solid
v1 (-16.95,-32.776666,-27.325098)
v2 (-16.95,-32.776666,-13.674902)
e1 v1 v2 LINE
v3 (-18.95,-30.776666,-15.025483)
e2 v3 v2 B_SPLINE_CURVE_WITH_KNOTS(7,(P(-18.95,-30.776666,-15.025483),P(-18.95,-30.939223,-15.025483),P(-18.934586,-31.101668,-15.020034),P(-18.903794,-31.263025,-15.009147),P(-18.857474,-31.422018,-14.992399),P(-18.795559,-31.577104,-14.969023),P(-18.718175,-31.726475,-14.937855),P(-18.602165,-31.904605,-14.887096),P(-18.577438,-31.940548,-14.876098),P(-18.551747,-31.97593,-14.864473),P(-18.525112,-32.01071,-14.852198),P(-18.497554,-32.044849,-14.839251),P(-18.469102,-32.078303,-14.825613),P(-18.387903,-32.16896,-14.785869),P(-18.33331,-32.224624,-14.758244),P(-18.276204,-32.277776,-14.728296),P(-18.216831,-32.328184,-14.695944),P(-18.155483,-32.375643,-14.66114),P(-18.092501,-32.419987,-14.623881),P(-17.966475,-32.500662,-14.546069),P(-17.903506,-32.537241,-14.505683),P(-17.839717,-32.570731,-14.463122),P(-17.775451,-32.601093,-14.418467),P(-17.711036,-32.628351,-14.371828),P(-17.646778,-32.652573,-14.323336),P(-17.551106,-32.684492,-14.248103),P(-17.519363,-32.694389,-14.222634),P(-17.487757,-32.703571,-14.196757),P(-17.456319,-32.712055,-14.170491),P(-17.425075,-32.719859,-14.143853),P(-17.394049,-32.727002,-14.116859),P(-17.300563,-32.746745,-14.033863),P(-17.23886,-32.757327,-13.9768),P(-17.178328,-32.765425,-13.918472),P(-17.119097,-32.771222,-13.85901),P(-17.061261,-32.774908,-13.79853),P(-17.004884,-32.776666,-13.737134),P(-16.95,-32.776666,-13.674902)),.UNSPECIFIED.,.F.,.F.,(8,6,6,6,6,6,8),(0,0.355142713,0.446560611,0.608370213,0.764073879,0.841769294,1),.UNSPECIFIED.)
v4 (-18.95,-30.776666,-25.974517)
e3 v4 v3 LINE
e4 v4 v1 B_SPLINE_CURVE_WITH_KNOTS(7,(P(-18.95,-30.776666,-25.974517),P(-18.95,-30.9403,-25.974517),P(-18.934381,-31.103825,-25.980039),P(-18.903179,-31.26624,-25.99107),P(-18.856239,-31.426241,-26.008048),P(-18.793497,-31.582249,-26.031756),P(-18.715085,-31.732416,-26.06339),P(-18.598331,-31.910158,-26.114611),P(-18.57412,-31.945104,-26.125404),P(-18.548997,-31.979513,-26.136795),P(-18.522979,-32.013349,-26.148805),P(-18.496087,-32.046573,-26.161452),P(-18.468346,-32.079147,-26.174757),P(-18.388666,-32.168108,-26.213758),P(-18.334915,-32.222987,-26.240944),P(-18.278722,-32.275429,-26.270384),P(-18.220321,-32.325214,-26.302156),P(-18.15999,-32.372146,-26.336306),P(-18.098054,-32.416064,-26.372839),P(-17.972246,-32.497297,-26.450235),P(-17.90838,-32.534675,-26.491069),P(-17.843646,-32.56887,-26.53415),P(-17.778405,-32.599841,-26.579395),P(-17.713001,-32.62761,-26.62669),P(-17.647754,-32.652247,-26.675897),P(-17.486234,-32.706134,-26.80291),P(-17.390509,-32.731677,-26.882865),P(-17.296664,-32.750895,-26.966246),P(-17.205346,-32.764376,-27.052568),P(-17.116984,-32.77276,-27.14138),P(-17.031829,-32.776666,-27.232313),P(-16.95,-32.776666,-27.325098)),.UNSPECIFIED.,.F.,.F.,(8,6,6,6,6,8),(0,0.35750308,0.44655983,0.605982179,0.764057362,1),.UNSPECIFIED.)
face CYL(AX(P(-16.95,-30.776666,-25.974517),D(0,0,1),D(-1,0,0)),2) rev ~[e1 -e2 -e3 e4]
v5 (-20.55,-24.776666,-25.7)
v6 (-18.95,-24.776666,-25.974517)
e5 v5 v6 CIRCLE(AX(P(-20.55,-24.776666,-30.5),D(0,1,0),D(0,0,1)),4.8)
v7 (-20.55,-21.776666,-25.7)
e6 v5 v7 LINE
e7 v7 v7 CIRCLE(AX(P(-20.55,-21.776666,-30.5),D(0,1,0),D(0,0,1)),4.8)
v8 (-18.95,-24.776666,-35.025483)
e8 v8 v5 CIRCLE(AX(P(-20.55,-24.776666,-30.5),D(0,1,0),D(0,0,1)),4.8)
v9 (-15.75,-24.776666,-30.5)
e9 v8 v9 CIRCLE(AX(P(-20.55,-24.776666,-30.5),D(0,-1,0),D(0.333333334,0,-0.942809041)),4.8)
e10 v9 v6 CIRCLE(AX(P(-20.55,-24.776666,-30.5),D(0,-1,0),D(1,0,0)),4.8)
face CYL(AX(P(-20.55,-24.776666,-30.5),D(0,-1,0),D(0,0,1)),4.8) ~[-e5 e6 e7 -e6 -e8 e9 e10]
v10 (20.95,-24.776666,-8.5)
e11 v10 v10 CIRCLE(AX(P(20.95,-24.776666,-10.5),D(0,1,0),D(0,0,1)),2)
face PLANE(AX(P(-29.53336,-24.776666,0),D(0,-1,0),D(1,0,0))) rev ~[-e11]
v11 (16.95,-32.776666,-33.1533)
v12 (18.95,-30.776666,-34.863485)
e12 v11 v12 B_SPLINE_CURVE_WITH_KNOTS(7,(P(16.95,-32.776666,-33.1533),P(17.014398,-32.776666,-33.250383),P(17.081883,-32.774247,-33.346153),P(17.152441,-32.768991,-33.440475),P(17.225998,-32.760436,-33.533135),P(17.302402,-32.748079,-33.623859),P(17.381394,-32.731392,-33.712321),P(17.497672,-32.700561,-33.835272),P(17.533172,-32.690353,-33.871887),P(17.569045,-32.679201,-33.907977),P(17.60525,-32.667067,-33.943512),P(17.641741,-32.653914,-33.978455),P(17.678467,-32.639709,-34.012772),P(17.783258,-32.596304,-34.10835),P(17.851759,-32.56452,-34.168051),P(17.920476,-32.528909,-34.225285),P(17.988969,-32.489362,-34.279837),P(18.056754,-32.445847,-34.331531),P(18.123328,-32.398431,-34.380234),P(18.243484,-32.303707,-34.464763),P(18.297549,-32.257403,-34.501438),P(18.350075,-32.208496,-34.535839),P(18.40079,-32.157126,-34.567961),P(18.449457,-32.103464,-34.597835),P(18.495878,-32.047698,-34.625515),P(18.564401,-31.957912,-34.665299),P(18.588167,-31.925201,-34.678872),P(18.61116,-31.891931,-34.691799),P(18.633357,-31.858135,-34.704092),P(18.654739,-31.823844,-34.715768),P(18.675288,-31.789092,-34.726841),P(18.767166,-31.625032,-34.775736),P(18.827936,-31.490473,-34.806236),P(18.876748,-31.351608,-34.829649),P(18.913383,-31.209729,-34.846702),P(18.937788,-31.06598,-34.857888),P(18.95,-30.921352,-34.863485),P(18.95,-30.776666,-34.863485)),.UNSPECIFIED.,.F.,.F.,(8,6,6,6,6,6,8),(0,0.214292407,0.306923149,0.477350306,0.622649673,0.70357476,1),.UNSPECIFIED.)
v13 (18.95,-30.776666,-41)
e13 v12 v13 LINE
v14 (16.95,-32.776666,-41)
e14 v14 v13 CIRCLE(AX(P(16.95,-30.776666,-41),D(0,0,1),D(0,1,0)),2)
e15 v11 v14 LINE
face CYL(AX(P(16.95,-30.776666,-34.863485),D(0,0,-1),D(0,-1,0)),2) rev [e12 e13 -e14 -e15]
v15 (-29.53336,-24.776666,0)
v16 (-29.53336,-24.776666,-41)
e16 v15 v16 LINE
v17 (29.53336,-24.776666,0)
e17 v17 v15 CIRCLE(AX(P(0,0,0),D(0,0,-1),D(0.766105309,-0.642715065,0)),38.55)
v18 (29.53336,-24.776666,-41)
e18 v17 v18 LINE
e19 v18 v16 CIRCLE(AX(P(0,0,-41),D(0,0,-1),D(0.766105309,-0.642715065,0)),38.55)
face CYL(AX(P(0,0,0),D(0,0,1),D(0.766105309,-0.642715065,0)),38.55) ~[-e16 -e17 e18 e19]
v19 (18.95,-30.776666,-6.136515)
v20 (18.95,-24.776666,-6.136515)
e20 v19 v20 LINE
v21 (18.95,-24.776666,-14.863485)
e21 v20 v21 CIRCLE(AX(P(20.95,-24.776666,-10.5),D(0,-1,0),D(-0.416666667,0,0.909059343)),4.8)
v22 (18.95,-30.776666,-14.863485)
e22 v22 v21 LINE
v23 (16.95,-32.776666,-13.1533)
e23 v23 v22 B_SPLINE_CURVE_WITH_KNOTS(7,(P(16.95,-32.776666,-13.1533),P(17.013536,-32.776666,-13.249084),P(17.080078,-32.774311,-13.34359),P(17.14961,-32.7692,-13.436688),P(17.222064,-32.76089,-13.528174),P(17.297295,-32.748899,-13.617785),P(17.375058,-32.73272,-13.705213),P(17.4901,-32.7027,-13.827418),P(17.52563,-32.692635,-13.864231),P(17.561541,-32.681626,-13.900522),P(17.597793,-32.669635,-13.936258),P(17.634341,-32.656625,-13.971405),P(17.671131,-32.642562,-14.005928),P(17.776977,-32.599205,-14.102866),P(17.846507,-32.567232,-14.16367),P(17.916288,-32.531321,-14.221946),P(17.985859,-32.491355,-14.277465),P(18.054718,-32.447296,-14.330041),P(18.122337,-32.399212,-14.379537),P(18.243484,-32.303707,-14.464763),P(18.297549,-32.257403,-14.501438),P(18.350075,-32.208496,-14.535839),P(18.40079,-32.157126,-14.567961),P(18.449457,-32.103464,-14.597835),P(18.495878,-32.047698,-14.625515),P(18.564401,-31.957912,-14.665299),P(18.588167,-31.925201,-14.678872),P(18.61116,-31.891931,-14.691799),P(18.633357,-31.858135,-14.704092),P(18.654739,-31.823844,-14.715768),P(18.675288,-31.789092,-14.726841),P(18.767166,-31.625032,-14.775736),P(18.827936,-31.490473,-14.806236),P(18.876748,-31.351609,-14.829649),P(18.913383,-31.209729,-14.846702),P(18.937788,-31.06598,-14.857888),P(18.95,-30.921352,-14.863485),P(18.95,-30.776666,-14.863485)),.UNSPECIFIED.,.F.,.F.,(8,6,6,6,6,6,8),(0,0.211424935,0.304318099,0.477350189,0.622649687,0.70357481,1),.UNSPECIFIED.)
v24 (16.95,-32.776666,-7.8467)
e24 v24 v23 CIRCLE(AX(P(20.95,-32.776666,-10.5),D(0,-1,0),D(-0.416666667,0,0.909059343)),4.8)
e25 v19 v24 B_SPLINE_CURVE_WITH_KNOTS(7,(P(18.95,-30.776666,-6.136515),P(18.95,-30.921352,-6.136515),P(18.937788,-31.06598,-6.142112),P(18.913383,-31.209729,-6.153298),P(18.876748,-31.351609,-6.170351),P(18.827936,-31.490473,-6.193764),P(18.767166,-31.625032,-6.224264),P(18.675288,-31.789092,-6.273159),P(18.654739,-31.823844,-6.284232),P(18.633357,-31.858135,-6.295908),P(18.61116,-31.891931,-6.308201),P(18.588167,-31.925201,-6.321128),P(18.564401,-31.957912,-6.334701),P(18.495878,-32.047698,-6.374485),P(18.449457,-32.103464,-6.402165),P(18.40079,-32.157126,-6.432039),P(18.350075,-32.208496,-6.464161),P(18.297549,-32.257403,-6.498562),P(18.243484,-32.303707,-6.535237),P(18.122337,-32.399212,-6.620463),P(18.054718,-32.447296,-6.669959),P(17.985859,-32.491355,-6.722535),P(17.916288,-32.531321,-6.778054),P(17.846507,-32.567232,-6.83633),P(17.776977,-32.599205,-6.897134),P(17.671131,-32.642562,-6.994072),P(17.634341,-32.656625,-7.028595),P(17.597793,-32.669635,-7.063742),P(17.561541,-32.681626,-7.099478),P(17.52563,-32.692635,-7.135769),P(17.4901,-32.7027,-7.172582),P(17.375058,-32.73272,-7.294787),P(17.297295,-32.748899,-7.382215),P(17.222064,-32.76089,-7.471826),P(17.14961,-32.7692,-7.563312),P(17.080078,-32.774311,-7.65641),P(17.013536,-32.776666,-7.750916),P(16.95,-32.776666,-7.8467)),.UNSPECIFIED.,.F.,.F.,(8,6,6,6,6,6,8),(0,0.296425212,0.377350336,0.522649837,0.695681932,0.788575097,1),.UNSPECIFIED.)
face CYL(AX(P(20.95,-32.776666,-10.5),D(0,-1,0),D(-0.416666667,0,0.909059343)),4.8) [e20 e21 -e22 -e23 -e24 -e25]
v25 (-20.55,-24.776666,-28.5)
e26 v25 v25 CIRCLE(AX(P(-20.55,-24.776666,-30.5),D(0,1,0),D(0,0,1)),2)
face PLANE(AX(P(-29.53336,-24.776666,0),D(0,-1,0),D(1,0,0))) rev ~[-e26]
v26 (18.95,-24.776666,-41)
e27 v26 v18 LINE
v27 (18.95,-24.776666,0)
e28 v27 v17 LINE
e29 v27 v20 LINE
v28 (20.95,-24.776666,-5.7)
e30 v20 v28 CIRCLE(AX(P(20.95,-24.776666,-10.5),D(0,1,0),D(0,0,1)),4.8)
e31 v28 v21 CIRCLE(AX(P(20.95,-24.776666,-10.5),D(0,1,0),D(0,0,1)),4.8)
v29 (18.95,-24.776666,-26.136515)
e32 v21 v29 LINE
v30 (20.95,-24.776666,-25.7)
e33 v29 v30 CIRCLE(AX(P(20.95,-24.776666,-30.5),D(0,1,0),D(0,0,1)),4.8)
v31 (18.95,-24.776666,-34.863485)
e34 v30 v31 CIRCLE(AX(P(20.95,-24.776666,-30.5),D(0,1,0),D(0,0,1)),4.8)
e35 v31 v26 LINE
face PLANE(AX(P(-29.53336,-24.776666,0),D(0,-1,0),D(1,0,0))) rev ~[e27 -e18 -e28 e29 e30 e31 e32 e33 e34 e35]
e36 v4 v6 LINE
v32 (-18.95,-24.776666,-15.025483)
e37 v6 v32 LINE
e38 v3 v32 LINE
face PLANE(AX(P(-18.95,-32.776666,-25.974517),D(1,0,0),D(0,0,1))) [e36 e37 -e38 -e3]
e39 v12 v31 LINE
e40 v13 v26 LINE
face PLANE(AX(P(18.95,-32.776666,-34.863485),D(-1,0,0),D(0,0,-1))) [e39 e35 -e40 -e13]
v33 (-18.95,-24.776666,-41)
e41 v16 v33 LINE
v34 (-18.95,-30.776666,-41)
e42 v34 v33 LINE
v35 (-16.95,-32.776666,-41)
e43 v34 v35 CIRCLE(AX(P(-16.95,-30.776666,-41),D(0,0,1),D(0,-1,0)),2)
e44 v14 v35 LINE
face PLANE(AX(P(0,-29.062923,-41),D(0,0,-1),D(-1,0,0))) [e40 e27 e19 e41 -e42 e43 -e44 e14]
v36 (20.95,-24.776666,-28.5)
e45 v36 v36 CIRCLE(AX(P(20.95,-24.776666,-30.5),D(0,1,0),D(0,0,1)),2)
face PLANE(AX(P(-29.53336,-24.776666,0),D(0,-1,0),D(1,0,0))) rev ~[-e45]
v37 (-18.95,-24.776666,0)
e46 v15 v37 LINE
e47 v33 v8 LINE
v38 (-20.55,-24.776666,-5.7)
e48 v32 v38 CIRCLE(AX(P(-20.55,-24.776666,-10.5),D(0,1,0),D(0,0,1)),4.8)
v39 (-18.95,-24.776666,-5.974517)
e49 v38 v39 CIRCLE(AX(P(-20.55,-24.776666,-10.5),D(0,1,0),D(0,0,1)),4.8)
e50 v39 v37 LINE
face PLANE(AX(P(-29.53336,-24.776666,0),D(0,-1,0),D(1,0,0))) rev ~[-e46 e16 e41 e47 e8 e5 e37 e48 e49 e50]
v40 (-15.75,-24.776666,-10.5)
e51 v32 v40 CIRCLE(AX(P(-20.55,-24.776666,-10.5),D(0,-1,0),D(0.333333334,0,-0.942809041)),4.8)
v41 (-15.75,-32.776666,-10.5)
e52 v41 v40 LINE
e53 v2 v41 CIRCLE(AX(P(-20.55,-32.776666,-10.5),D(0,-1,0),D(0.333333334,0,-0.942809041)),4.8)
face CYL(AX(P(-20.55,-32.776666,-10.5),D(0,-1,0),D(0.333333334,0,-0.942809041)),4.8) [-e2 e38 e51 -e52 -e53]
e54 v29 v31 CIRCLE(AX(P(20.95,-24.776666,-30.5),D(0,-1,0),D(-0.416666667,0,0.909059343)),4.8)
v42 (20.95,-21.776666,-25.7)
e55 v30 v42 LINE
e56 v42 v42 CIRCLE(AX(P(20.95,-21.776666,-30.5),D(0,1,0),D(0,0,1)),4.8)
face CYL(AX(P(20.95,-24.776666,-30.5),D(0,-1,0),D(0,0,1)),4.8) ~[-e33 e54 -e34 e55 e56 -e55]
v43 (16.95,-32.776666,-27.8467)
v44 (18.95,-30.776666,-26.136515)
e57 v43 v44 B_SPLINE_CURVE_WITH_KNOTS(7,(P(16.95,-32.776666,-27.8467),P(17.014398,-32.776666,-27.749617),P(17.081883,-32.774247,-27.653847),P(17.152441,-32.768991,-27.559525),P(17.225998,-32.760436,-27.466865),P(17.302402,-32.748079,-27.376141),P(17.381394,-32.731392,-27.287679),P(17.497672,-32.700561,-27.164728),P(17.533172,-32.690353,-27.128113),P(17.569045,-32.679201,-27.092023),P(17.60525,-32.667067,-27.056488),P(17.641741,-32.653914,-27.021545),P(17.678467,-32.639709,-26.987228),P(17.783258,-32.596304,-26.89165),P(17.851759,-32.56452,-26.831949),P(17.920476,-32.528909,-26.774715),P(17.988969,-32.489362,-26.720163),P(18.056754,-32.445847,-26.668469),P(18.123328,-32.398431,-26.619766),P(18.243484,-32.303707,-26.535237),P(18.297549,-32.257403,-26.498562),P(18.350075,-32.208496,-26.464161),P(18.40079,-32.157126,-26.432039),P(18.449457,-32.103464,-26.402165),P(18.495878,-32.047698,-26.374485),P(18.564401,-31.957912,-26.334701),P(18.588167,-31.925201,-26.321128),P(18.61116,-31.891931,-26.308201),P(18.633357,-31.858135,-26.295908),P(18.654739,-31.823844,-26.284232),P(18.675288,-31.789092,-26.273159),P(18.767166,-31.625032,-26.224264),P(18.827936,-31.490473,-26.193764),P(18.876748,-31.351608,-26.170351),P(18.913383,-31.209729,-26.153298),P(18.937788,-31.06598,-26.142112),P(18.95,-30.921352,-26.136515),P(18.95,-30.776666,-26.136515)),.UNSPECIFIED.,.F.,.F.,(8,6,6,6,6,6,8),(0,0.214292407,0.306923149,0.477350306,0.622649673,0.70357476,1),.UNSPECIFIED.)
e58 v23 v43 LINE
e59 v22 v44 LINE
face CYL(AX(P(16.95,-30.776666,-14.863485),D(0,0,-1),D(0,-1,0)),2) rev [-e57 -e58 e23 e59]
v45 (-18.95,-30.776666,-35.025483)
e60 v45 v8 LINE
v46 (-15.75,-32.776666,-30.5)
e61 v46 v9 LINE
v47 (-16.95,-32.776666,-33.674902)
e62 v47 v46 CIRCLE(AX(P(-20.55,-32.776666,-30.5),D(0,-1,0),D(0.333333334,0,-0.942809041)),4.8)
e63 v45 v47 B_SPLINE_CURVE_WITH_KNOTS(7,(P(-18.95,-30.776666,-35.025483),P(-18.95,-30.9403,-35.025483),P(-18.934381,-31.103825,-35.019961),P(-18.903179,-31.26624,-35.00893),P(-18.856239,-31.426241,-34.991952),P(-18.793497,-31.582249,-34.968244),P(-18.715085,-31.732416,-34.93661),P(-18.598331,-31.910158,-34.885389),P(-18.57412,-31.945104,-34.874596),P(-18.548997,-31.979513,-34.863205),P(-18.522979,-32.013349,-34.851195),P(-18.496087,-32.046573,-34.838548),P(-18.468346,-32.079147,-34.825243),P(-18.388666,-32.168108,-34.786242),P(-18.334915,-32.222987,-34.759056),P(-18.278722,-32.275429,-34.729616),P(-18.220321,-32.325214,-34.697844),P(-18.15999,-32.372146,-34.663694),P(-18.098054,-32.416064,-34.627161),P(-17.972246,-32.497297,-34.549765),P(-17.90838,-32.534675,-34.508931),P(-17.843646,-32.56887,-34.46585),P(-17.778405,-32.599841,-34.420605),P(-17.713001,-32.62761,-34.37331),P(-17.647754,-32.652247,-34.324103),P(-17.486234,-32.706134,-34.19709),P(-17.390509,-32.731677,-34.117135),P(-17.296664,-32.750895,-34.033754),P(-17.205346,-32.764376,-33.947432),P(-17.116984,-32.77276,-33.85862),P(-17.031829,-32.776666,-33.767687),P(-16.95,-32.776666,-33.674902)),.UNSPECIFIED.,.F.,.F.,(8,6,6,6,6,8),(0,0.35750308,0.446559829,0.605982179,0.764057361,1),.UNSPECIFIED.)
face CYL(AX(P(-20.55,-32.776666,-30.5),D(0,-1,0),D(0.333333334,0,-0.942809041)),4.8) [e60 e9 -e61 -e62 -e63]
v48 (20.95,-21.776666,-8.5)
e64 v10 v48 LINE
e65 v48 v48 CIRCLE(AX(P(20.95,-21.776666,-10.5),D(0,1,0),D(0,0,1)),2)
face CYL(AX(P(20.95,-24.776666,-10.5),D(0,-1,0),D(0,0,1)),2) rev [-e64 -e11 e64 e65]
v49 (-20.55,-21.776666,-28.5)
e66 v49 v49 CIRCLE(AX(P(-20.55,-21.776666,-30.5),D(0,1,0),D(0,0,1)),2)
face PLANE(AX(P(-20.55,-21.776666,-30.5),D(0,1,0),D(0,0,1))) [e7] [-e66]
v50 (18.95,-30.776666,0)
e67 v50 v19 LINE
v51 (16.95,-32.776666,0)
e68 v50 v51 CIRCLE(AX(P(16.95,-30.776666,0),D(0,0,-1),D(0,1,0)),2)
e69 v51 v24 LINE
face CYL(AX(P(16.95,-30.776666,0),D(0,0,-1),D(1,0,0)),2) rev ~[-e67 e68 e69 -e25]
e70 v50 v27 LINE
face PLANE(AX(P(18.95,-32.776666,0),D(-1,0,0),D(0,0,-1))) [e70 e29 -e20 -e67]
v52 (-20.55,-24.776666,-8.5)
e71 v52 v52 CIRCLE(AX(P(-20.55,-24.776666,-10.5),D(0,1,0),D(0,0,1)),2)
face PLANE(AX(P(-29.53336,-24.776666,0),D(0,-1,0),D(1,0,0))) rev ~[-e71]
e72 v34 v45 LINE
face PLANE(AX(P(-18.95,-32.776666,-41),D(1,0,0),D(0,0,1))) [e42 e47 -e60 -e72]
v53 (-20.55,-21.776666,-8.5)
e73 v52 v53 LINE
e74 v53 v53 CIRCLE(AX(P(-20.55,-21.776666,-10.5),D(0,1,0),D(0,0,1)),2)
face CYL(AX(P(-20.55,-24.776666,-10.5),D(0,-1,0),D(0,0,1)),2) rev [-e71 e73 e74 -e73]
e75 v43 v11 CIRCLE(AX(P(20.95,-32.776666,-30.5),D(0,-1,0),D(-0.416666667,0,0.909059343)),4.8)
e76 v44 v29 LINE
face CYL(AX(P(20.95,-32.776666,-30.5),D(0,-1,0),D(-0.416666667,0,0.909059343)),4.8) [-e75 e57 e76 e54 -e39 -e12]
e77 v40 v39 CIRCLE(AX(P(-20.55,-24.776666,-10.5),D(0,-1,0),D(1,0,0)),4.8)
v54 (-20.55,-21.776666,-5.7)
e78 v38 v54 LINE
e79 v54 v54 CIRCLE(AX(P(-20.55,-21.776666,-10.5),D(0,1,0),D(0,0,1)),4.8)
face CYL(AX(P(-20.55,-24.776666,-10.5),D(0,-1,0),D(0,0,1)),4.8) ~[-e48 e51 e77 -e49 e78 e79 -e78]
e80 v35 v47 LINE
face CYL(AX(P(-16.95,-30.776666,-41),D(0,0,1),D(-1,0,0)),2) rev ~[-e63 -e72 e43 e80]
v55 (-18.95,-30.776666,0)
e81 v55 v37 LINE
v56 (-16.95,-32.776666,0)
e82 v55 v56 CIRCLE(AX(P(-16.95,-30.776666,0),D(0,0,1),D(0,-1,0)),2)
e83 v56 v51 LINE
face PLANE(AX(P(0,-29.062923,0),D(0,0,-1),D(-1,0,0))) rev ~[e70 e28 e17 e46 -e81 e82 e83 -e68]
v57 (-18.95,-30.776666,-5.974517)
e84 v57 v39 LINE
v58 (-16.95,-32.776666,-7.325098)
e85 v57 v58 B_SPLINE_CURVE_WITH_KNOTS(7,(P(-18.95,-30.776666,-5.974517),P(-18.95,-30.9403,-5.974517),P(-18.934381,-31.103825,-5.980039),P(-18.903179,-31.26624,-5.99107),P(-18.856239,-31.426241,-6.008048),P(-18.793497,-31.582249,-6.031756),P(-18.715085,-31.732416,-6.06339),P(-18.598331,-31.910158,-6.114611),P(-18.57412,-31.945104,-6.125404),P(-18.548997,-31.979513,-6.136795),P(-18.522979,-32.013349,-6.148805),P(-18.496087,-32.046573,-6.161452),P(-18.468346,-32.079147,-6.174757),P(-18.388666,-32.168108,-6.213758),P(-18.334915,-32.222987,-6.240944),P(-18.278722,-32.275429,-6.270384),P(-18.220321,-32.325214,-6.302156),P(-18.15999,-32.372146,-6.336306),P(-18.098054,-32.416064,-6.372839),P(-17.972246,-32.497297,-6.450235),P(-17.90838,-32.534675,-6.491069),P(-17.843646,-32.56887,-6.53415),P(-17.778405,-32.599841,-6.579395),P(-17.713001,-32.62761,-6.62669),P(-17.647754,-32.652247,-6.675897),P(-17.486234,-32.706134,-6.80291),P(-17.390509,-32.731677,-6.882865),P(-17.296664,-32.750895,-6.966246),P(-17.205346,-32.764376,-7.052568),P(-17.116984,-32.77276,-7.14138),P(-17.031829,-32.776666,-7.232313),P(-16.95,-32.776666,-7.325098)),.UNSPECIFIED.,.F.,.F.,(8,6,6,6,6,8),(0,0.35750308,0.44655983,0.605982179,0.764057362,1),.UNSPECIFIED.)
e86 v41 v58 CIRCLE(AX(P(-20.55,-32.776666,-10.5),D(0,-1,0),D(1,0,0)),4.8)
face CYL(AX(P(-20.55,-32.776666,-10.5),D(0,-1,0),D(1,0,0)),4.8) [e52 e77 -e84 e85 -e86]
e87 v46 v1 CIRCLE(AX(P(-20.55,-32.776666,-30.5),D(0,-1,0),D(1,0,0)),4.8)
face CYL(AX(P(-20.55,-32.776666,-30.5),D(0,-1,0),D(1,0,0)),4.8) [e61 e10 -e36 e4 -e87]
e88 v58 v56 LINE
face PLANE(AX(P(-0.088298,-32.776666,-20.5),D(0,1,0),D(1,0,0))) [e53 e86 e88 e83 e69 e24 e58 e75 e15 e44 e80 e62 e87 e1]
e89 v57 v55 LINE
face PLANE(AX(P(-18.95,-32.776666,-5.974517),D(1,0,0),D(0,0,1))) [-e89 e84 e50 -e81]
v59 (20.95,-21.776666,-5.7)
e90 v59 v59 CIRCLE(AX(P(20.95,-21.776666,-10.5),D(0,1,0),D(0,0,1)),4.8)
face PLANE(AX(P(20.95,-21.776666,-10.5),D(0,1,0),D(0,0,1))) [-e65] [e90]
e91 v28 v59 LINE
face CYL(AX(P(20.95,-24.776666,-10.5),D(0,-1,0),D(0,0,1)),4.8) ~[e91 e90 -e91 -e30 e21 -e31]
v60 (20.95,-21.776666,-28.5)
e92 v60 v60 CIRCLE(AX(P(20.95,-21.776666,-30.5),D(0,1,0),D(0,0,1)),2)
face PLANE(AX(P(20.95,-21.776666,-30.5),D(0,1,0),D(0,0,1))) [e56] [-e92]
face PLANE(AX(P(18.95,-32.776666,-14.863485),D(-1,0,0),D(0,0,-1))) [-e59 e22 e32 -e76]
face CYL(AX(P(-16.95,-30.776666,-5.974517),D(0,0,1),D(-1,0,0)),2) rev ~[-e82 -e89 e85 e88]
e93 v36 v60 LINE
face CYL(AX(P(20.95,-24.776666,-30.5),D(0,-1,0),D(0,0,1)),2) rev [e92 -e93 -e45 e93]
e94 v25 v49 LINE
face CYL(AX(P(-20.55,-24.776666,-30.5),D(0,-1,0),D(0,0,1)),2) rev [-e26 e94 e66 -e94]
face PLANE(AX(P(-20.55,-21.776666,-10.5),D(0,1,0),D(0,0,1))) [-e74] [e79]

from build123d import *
from build123d.topology import SkipClean

# Parameters (mm, degrees)
BOSS_EXTRUDE1_DEPTH = 41
SKETCH3_R           = 4.8
SKETCH3_R_2         = 2
BOSS_EXTRUDE2_DEPTH = 3
CUT_EXTRUDE1_START  = -8
CUT_EXTRUDE1_DEPTH  = 8
FILLET1_R           = 2


with BuildPart() as part:
    # Sketch2 → Boss-Extrude1 (new body)
    with BuildSketch(Plane.XY):
        with BuildLine():
            Line((-29.533359675, -24.776665762), (29.533359675, -24.776665762))
            ThreePointArc((29.533359675, -24.776665762), (0, -38.55), (-29.533359675, -24.776665762))
        make_face()
    extrude(amount=-BOSS_EXTRUDE1_DEPTH)

    # Sketch3 → Boss-Extrude2 (add)
    # profile 1 of 4: a face of its own
    with BuildSketch(Plane(origin=(0, -24.776665762, 0), x_dir=(1, 0, 0), z_dir=(0, 1, 0))):
        with Locations(Location((20.95, 10.5, 0), (0, 0, 270))):
            Circle(SKETCH3_R)
        with Locations(Location((20.95, 10.5, 0), (0, 0, 270))):
            Circle(SKETCH3_R_2, mode=Mode.SUBTRACT)
    # profile 2 of 4: a face of its own
    with BuildSketch(Plane(origin=(0, -24.776665762, 0), x_dir=(1, 0, 0), z_dir=(0, 1, 0))):
        with Locations(Location((20.95, 30.5, 0), (0, 0, 270))):
            Circle(SKETCH3_R)
        with Locations(Location((20.95, 30.5, 0), (0, 0, 270))):
            Circle(SKETCH3_R_2, mode=Mode.SUBTRACT)
    # profile 3 of 4: a face of its own
    with BuildSketch(Plane(origin=(0, -24.776665762, 0), x_dir=(1, 0, 0), z_dir=(0, 1, 0))):
        with Locations(Location((-20.55, 30.5, 0), (0, 0, 270))):
            Circle(SKETCH3_R)
        with Locations(Location((-20.55, 30.5, 0), (0, 0, 270))):
            Circle(SKETCH3_R_2, mode=Mode.SUBTRACT)
    # profile 4 of 4: a face of its own
    with BuildSketch(Plane(origin=(0, -24.776665762, 0), x_dir=(1, 0, 0), z_dir=(0, 1, 0))):
        with Locations(Location((-20.55, 10.5, 0), (0, 0, 270))):
            Circle(SKETCH3_R)
        with Locations(Location((-20.55, 10.5, 0), (0, 0, 270))):
            Circle(SKETCH3_R_2, mode=Mode.SUBTRACT)
    extrude(amount=BOSS_EXTRUDE2_DEPTH)

    # Sketch4 → Cut-Extrude1 (cut)
    with SkipClean():  # the faces are left unmerged after this step: merging them gives an invalid solid
        with BuildSketch(Plane(origin=(0, -24.776665762, 0), x_dir=(1, 0, 0), z_dir=(0, 1, 0)).offset(CUT_EXTRUDE1_START)):
            with BuildLine():
                Line((-18.95, 5.9745166), (-18.95, 0))
                Line((-18.95, 0), (18.95, 0))
                Line((18.95, 0), (18.95, 6.136515154))
                ThreePointArc((18.95, 6.136515154), (16.15, 10.5), (18.95, 14.863484846))
                Line((18.95, 14.863484846), (18.95, 26.136515154))
                ThreePointArc((18.95, 26.136515154), (16.15, 30.5), (18.95, 34.863484846))
                Line((18.95, 34.863484846), (18.95, 41))
                Line((18.95, 41), (-18.95, 41))
                Line((-18.95, 41), (-18.95, 35.0254834))
                ThreePointArc((-18.95, 35.0254834), (-16.630816412, 33.271281292), (-15.75, 30.5))
                ThreePointArc((-15.75, 30.5), (-16.630816412, 27.728718708), (-18.95, 25.9745166))
                Line((-18.95, 25.9745166), (-18.95, 15.0254834))
                ThreePointArc((-18.95, 15.0254834), (-16.630816412, 13.271281292), (-15.75, 10.5))
                ThreePointArc((-15.75, 10.5), (-16.630816412, 7.728718708), (-18.95, 5.9745166))
            make_face()
        extrude(amount=CUT_EXTRUDE1_DEPTH, mode=Mode.SUBTRACT)

    # Fillet1
    fillet1_edges = [part.edges().sort_by_distance(p)[0] for p in [
        (18.95, -32.776665762, -37.931742423),
        (18.95, -32.776665762, -20.5),
        (18.95, -32.776665762, -3.068257577),
        (-18.95, -32.776665762, -2.9872583),
        (-18.95, -32.776665762, -20.5),
        (-18.95, -32.776665762, -38.0127417),
    ]]
    fillet(fillet1_edges, radius=FILLET1_R)


solid = part.part
